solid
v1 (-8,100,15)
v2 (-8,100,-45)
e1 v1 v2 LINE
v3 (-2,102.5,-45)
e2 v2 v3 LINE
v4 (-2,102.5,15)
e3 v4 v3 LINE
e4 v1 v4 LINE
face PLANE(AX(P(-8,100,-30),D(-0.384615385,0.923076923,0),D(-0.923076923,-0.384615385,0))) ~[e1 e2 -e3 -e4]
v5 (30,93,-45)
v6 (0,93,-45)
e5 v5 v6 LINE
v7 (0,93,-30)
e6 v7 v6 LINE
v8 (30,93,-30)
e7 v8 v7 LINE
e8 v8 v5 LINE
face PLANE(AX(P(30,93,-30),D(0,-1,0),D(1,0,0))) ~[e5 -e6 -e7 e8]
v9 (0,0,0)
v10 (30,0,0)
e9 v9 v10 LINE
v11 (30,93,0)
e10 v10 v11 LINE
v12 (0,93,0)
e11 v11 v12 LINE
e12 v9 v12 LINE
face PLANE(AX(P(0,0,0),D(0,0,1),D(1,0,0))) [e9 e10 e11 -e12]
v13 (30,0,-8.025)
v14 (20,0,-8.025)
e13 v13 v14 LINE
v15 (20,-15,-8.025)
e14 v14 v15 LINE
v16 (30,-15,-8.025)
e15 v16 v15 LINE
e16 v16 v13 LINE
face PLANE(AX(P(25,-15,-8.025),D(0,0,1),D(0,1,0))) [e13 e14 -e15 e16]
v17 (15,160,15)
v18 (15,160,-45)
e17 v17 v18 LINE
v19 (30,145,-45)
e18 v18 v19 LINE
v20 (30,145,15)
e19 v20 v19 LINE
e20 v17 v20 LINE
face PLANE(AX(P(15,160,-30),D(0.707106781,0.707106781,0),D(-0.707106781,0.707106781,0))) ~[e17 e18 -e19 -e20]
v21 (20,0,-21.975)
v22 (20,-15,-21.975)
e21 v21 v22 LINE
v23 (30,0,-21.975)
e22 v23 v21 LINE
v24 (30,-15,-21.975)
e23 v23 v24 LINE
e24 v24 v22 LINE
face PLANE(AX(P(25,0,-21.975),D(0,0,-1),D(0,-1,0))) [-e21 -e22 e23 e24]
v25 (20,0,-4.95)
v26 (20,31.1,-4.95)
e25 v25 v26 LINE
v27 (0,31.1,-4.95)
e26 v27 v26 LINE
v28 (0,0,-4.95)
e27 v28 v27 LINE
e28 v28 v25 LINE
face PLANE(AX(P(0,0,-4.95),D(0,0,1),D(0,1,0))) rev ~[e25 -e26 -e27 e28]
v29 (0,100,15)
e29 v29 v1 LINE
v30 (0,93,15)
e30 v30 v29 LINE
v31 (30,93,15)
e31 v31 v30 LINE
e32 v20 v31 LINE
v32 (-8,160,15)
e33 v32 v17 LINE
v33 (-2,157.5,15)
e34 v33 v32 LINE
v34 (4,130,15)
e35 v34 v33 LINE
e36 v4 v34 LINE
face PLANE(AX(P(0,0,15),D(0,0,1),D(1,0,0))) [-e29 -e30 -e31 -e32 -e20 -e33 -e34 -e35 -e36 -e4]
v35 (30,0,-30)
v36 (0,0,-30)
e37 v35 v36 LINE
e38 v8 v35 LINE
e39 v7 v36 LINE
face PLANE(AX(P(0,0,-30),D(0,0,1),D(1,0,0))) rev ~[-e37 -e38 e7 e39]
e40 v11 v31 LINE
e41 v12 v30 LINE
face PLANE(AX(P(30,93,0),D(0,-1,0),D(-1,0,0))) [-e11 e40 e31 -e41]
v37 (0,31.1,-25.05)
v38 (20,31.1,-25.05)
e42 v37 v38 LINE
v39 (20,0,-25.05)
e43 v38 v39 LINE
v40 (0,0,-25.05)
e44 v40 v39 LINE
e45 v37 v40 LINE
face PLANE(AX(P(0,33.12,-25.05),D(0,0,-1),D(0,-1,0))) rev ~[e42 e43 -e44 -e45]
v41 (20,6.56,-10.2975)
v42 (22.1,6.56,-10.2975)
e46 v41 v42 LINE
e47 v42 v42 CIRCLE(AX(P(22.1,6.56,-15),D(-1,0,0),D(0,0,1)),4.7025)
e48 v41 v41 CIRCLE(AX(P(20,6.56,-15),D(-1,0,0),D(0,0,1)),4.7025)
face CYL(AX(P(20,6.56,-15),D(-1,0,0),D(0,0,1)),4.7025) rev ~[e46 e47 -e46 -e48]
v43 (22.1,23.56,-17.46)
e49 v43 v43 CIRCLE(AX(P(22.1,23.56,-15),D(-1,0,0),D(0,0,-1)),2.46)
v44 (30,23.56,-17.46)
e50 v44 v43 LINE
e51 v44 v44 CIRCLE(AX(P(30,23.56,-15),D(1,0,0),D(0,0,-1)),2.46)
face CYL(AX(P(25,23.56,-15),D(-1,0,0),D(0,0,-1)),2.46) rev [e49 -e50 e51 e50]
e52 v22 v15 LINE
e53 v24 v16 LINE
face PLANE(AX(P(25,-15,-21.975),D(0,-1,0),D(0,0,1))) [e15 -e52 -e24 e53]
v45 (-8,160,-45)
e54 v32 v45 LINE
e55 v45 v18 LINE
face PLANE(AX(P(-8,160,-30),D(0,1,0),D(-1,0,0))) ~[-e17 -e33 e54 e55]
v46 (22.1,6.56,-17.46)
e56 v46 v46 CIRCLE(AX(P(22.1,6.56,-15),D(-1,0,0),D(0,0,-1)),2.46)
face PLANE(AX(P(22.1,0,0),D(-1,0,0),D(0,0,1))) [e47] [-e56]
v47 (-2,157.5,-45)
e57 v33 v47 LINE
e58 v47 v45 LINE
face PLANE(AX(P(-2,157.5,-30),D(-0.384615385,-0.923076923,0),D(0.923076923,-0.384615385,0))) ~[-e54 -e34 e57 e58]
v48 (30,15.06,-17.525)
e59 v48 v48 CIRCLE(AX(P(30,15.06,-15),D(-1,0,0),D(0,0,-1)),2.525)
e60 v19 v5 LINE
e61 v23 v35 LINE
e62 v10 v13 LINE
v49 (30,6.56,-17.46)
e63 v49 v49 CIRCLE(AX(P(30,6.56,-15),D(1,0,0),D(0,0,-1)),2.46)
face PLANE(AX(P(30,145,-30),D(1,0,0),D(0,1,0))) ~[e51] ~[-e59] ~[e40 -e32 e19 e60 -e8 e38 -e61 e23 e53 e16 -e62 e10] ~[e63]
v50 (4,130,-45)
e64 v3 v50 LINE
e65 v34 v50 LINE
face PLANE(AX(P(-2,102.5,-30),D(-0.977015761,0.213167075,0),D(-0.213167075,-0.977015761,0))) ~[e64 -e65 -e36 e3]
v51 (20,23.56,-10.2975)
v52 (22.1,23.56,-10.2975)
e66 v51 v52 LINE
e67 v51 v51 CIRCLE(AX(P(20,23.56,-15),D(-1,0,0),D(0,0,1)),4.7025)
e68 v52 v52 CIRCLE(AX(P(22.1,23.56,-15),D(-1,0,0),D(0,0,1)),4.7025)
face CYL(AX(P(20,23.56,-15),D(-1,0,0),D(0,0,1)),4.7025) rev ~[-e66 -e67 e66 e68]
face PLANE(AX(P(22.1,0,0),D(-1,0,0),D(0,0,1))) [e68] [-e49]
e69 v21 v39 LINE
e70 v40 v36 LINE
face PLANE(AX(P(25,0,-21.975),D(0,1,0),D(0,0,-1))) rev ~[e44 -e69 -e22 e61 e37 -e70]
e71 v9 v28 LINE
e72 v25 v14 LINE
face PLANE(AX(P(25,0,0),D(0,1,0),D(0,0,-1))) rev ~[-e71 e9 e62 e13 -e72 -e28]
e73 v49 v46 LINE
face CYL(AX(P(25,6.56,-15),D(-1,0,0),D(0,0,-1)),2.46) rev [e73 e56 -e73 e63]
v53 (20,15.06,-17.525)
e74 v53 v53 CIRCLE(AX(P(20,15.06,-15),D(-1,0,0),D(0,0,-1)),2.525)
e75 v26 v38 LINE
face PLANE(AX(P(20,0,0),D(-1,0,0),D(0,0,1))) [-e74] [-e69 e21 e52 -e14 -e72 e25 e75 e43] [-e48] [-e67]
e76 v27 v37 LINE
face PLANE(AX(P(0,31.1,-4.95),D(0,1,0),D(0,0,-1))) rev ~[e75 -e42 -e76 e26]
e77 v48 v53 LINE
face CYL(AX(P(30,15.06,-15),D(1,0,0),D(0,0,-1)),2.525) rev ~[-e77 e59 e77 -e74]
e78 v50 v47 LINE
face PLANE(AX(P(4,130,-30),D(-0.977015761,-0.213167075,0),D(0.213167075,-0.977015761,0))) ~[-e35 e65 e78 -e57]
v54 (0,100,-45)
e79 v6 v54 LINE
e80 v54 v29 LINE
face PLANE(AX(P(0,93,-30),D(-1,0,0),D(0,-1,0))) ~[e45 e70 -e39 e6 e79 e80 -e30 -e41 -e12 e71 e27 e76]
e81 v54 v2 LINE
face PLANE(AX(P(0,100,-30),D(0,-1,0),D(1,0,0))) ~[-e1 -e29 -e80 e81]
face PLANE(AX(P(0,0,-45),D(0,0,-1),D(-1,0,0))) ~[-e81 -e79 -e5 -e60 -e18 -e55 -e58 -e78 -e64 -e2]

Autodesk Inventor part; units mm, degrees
ref_plane "YZ Plane" through (0, 0, 0) normal (1, 0, 0) x (0, 1, 0)
ref_plane "XZ Plane" through (0, 0, 0) normal (0, 1, 0) x (-1, 0, 0)
sketch "Sketch1" plane through (0, 0, 0) normal (0, 0, 1) x (1, 0, 0)
  line L0 (0, 0) -> (25, 0)
  line L1 (25, 0) -> (25, 40)
  line L2 (25, 40) -> (0, 40)
  line L3 (0, 40) -> (0, 0)
  dimension "d1" = 25
  dimension "d2" = 40
  dimension "d3" = 25
extrude "Extrusion1" add sketch "Sketch1" against normal blind 30
sketch "Sketch2" plane through (25, 0, 0) normal (1, 0, 0) x (0, 0, -1)
  line L0 (0, 0) -> (30, 0) projected
  circle A0 centre (15, 6.56) radius 2.46
extrude "Extrusion2" cut sketch "Sketch2" against normal blind 30
sketch "Sketch3" plane through (0, 0, 0) normal (-1, 0, 0) x (0, 0, 1)
  line L0 (0, 0) -> (-30, 0) projected
  line L1 (-25.05, 0) -> (-4.95, 0)
  line L2 (-4.95, 0) -> (-4.95, 33.12)
  line L3 (-4.95, 33.12) -> (-25.05, 33.12)
  line L4 (-25.05, 33.12) -> (-25.05, 0)
  dimension "d11" = 20.1
extrude "Extrusion3" cut sketch "Sketch3" against normal blind 20
sketch "Sketch4" plane through (0, 0, 0) normal (0, -1, 0) x (1, 0, 0)
  line L0 (20, -4.95) -> (20, -25.05) projected
  line L1 (20, -15) -> (25, -15)
  line L2 (25, 0) -> (25, -30) projected
  line L3 (20, -8.025) -> (25, -8.025)
  line L4 (25, -8.025) -> (25, -21.975)
  line L5 (25, -21.975) -> (20, -21.975)
  line L6 (20, -21.975) -> (20, -8.025)
  line L7 (20, -8.025) -> (25, -21.975) construction
  line L8 (25, -8.025) -> (20, -21.975) construction
  line L9 (25, -12.54) -> (25, -17.46) projected
  point P0 (0, 0)
  point P1 (22.5, -15)
  dimension "d14" = 13.95
extrude "Extrusion4" add sketch "Sketch4" along normal blind 15
sketch "Sketch5" plane through (20, 0, 0) normal (-1, 0, 0) x (0, 0, 1)
  circle A0 centre (-15, 6.56) radius 2.46 projected
  circle A1 centre (-15, 6.56) radius 4.7025
  circle A2 centre (-15, 6.56) radius 2.46 projected
  circle A3 centre (-15, 6.56) radius 2.46
  point P0 (0, 0)
  dimension "d17" = 9.405
extrude "Extrusion5" cut sketch "Sketch5" against normal blind 2.1
sketch "Sketch6" plane through (25, 0, 0) normal (1, 0, 0) x (0, 0, -1)
  circle A0 centre (15, 6.56) radius 4.7025 projected
  line L0 (15, 6.56) -> (15, 23.56)
  circle A1 centre (15, 23.56) radius 2.46
  point P0 (0, 0)
  dimension "d20" = 17
  dimension "d21" = 4.92
extrude "Extrusion6" cut sketch "Sketch6" against normal blind 10 contours A1
sketch "Sketch7" plane through (20, 0, 0) normal (-1, 0, 0) x (0, 0, 1)
  circle A0 centre (-15, 23.56) radius 2.46 projected
  circle A1 centre (-15, 23.56) radius 4.7025
  point P0 (0, 0)
  dimension "d24" = 9.405
extrude "Extrusion7" cut sketch "Sketch7" against normal blind 2.1
sketch "Sketch9" plane through (25, 0, 0) normal (1, 0, 0) x (0, 0, -1)
  circle A0 centre (15, 6.56) radius 2.46 projected
  circle A1 centre (15, 6.56) radius 2.46
  circle A2 centre (15, 23.56) radius 2.46 projected
  circle A3 centre (15, 23.56) radius 2.46
  line L0 (30, 40) -> (30, 0) projected
  line L1 (30, 0) -> (30, 40)
  line L2 (30, 40) -> (0, 40)
  line L3 (0, 40) -> (0, 0)
  line L4 (0, 0) -> (8.025, 0) projected
  line L5 (21.975, 0) -> (21.975, -15)
  line L6 (21.975, -15) -> (8.025, -15)
  line L7 (8.025, -15) -> (8.025, 0)
  line L8 (0, 0) -> (8.025, 0)
  line L9 (21.975, 0) -> (30, 0)
extrude "Extrusion8" add sketch "Sketch9" along normal blind 5
sketch "Sketch10" plane through (0, 40, 0) normal (0, 1, 0) x (1, 0, 0)
  line L0 (0, 30) -> (30, 30) projected
  line L1 (30, 0) -> (0, 0) projected
  line L2 (0, 30) -> (30, 30)
  line L3 (30, 30) -> (30, 0)
  line L4 (30, 0) -> (0, 0)
  line L5 (0, 0) -> (0, 30)
extrude "Extrusion9" add sketch "Sketch10" along normal blind 30
sketch "Sketch12" plane through (30, 0, 0) normal (1, 0, 0) x (0, 0, -1)
  circle A0 centre (15, 6.56) radius 2.46 projected
  line L0 (15, 6.56) -> (15, 15.06)
  circle A1 centre (15, 15.06) radius 2.525
  point P0 (0, 0)
  dimension "d31" = 8.5
  dimension "d33" = 5.05
extrude "Extrusion10" cut sketch "Sketch12" against normal blind 30 contours A1
sketch "Sketch14" plane through (0, 0, 0) normal (0, 0, 1) x (1, 0, 0)
  line L0 (30, 70) -> (0, 70) projected
  line L1 (0, 100) -> (-8, 100)
  line L2 (30, 0) -> (30, 70) projected
  line L3 (30, 118) -> (30, 70)
  line L4 (30, 105) -> (30, 100)
  line L5 (0, 70) -> (30, 70) projected
  line L6 (0, 70) -> (0, 100)
  line L7 (30, 122.5) -> (30, 118)
  line L8 (30, 70) -> (30, 145)
  line L9 (-2, 157.5) -> (-8, 160)
  line L10 (-2, 102.5) -> (-8, 100)
  line L11 (4, 130) -> (-2, 102.5)
  line L12 (4, 130) -> (-2, 157.5)
  line L13 (-8, 160) -> (15, 160)
  line L14 (30, 145) -> (15, 160)
  point P0 (0, 0)
  dimension "d47" = 30
extrude "Extrusion12" add sketch "Sketch14" against normal blind 30
sketch "Sketch15" plane through (0, 0, -25.05) normal (-1, 0, 0) x (0, 0, 1)
  line L0 (0, 33.12) -> (20.1, 33.12) projected
  line L1 (20.1, 33.12) -> (20.1, 0) projected
  line L2 (0, 33.12) -> (20.1, 33.12)
  line L3 (20.1, 33.12) -> (20.1, 31.1)
  line L4 (20.1, 31.1) -> (0, 31.1)
  line L5 (0, 31.1) -> (0, 33.12)
  point P0 (25.05, 0)
  dimension "d57" = 2.02
extrude "Extrusion13" add sketch "Sketch15" against normal blind 20
sketch "Sketch27" plane through (0, 0, 0) normal (0, 0, 1) x (1, 0, 0)
  point P0 (0, 0)
sketch "Sketch28" plane through (0, 0, 0) normal (0, 0, 1) x (1, 0, 0)
  line L0 (0, 100) -> (-8, 100) projected
  line L1 (0, 100) -> (-8, 100)
  line L2 (-8, 100) -> (-2, 102.5) projected
  line L3 (-8, 100) -> (-2, 102.5)
  line L4 (-2, 102.5) -> (4, 130) projected
  line L5 (-2, 102.5) -> (4, 130)
  line L6 (4, 130) -> (-2, 157.5) projected
  line L7 (4, 130) -> (-2, 157.5)
  line L8 (-2, 157.5) -> (-8, 160) projected
  line L9 (-2, 157.5) -> (-8, 160)
  line L10 (-8, 160) -> (15, 160) projected
  line L11 (-8, 160) -> (15, 160)
  line L12 (15, 160) -> (30, 145) projected
  line L13 (15, 160) -> (30, 145)
  line L14 (30, 145) -> (30, 93)
  line L15 (30, 0) -> (30, 145) projected
  line L16 (30, 93) -> (0, 93)
  line L17 (0, 0) -> (0, 100) projected
  line L18 (0, 93) -> (0, 100)
  dimension "d98" = 52
extrude "Extrusion14" add sketch "Sketch28" along normal blind 15
ref_plane "Work Plane1" through (0, 0, -15) normal (0, 0, 1) x (1, 0, 0)
mirror "Mirror1" about plane through (0, 0, -15) normal (0, 0, 1) of "Extrusion14"
properties part number "55mm_x_60mm"
